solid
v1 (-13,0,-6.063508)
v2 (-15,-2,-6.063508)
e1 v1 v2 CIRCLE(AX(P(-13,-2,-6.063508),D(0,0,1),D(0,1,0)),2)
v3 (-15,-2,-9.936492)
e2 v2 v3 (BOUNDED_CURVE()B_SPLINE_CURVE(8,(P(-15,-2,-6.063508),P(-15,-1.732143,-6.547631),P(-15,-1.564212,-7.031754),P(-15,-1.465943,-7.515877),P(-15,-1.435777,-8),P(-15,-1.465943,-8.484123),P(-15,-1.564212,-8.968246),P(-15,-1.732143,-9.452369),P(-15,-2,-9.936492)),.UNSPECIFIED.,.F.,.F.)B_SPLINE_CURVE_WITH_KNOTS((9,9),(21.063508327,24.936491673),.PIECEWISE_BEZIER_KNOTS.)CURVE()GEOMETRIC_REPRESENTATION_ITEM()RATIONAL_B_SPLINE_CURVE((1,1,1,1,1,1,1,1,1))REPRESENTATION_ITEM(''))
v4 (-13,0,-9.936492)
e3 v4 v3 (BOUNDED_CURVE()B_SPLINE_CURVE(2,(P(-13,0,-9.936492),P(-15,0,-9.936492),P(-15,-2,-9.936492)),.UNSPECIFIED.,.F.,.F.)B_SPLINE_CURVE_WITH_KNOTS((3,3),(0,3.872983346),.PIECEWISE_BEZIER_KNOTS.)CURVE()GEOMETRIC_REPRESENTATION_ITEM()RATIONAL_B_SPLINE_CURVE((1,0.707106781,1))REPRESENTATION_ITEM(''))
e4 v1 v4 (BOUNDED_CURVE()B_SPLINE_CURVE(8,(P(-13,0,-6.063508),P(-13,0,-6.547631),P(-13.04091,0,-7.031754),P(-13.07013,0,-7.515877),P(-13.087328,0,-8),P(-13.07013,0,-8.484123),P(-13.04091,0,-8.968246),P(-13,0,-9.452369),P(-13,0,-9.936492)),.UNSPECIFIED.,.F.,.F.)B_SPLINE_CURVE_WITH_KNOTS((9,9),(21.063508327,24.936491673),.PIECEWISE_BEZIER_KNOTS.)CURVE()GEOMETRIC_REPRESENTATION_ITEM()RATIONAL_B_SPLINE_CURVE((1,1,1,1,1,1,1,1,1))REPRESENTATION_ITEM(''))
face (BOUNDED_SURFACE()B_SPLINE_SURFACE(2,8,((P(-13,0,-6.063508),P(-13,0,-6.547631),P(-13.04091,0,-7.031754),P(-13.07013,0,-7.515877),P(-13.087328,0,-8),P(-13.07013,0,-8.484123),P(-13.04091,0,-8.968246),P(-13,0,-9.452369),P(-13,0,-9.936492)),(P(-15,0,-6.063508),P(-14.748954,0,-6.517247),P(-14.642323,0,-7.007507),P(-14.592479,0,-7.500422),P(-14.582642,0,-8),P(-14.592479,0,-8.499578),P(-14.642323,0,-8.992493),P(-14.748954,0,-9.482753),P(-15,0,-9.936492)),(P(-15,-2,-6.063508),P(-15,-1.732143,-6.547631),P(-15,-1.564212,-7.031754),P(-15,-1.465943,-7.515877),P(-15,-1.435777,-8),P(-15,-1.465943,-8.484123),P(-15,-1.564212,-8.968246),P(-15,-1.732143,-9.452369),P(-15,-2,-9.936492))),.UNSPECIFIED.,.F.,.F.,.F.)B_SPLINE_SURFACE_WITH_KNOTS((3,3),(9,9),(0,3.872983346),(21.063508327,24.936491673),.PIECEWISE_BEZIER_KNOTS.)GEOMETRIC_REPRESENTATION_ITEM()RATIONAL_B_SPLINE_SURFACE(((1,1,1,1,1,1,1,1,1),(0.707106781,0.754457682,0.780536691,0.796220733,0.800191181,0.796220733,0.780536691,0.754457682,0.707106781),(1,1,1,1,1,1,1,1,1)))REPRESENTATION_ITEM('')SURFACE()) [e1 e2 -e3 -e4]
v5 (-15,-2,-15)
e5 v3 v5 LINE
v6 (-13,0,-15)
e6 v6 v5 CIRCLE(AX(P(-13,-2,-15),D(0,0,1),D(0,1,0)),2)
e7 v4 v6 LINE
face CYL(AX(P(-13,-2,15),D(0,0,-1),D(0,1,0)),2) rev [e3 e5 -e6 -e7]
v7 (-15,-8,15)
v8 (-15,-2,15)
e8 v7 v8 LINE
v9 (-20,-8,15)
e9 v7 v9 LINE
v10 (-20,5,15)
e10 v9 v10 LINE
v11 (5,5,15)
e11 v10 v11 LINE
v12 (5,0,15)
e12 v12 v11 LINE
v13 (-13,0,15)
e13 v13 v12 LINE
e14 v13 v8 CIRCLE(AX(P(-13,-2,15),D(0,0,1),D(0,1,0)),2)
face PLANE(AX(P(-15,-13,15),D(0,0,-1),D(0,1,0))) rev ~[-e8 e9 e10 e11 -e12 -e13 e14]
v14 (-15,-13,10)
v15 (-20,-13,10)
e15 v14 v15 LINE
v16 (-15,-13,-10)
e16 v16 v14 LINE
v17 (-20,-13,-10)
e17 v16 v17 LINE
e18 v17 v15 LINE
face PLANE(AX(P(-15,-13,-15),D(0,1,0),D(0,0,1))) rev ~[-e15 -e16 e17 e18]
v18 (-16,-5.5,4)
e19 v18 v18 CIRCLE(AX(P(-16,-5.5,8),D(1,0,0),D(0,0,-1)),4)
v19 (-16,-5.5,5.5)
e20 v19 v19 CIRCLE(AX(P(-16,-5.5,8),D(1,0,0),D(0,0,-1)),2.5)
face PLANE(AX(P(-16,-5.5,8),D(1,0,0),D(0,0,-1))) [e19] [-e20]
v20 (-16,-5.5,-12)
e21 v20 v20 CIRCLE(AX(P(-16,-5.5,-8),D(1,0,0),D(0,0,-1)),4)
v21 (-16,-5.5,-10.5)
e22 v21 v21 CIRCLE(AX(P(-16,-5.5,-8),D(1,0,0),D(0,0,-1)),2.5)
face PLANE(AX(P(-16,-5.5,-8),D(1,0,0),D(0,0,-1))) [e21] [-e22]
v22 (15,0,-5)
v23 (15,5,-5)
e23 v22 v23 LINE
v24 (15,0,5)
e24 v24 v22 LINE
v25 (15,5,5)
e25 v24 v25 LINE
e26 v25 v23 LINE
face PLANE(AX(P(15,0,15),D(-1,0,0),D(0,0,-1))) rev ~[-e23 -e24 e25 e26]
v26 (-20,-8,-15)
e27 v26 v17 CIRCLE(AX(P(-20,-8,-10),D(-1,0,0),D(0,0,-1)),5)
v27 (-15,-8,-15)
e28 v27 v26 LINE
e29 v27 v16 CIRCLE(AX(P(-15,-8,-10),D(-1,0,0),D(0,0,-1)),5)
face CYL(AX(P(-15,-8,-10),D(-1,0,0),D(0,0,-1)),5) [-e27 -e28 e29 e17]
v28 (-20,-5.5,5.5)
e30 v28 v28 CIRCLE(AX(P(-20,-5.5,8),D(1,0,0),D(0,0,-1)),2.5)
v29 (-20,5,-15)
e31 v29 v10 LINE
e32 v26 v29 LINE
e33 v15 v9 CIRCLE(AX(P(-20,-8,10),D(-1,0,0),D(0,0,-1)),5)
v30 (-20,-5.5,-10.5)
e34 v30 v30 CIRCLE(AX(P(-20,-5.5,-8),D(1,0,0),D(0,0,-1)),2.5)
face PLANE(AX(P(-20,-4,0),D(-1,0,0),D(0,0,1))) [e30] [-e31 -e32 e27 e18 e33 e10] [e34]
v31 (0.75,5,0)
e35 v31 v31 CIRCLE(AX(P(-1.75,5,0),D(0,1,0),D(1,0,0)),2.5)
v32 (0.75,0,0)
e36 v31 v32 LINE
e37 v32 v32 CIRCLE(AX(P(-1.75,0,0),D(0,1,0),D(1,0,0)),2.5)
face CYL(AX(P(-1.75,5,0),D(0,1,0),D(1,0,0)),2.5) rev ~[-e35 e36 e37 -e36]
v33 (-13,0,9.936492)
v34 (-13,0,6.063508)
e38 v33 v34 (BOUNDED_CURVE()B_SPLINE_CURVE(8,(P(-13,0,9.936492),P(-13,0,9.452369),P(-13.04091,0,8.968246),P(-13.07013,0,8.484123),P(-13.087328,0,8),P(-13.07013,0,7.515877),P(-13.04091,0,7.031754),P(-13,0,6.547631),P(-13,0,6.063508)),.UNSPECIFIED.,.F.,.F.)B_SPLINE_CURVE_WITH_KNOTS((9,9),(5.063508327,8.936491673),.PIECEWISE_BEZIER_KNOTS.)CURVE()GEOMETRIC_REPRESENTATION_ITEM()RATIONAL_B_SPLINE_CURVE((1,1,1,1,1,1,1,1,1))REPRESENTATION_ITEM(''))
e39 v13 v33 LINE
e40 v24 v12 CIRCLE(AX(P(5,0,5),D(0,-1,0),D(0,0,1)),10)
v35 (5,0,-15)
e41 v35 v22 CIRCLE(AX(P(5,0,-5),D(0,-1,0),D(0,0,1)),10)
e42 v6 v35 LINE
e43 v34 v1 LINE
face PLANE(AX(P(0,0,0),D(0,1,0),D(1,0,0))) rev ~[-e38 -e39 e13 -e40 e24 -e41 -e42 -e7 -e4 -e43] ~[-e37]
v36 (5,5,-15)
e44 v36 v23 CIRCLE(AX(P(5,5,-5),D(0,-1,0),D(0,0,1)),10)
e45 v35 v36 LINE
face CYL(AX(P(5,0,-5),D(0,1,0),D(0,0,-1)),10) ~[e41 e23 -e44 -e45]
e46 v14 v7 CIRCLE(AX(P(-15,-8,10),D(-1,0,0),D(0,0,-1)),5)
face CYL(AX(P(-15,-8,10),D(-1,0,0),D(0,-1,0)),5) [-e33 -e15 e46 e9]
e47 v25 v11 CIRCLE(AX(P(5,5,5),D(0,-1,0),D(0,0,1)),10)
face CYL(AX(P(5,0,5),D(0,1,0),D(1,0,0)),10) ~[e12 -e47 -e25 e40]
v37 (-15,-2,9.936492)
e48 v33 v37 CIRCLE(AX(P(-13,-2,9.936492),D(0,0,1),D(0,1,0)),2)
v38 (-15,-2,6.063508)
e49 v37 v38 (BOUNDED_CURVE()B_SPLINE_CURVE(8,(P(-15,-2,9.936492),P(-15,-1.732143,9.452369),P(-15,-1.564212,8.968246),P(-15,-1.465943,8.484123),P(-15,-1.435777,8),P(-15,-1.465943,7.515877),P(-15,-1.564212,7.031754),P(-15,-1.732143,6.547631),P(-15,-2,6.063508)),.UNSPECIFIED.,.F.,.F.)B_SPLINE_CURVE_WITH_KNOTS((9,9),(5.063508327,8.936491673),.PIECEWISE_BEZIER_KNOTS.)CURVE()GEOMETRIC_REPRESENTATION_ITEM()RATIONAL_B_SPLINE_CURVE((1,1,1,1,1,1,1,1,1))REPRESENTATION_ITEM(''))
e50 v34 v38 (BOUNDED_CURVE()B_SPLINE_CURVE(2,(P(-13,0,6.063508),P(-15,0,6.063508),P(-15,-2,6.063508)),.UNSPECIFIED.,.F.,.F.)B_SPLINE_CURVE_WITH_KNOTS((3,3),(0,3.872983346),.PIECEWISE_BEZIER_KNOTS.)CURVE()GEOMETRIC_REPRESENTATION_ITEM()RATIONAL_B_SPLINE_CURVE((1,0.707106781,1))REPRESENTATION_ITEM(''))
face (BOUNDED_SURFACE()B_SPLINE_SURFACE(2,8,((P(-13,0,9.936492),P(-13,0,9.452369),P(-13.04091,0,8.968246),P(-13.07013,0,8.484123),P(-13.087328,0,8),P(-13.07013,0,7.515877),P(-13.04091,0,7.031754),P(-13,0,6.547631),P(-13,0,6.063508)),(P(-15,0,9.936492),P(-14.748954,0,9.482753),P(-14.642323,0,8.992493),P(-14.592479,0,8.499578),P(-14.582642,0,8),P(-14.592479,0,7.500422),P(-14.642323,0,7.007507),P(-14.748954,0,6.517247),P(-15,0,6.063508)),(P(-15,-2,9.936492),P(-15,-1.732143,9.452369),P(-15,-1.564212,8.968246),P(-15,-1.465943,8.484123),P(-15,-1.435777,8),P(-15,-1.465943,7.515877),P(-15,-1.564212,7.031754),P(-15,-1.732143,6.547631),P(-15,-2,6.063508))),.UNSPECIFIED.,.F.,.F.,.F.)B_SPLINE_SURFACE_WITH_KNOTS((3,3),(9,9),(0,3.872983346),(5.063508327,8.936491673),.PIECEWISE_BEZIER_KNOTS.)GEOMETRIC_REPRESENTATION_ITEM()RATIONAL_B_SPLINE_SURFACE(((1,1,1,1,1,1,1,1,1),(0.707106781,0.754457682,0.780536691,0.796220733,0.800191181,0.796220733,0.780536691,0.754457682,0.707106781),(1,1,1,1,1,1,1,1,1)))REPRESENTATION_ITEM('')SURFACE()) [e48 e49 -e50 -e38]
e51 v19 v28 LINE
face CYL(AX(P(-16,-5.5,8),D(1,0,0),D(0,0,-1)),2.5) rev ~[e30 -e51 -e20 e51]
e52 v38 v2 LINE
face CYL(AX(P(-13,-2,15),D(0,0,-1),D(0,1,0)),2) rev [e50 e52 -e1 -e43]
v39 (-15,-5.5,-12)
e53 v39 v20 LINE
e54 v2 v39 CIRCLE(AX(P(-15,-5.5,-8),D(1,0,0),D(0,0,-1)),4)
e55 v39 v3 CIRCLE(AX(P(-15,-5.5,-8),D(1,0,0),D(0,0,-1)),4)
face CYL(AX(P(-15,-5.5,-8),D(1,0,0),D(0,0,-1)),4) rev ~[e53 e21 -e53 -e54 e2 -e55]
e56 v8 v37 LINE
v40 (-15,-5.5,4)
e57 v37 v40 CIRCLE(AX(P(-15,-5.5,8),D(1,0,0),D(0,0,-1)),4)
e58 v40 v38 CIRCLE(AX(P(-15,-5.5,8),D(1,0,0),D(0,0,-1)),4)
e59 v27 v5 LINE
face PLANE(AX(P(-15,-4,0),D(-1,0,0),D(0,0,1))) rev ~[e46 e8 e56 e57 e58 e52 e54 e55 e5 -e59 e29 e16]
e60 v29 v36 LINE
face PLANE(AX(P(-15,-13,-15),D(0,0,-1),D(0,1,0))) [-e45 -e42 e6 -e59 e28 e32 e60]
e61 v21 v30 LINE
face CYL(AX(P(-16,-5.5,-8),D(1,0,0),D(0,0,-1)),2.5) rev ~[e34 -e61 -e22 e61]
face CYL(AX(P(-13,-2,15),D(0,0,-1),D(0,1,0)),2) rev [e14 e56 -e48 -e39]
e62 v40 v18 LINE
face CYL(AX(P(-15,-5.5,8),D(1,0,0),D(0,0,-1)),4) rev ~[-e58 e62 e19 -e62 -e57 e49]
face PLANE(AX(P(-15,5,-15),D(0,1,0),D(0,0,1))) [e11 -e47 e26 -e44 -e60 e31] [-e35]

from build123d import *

# Parameters (mm, degrees)
SKETCH1_W           = 30
SKETCH1_H           = 30
BOSS_EXTRUDE1_DEPTH = 5
SKETCH2_W           = 30
SKETCH2_H           = 18
BOSS_EXTRUDE2_DEPTH = 5
SKETCH3_R           = 4
CUT_EXTRUDE1_DEPTH  = 1
SKETCH4_R           = 2.5
CUT_EXTRUDE2_DEPTH  = 5
SKETCH5_R           = 2.5
CUT_EXTRUDE3_DEPTH  = 5
FILLET1_R           = 10
FILLET2_R           = 2
FILLET3_R           = 5


with BuildPart() as part:
    # Sketch1 → Boss-Extrude1 (new body)
    with BuildSketch(Plane(origin=(0, 0, 0), x_dir=(1, 0, 0), z_dir=(0, 1, 0))):
        Rectangle(SKETCH1_W, SKETCH1_H)
    extrude(amount=BOSS_EXTRUDE1_DEPTH)

    # Sketch2 → Boss-Extrude2 (add)
    with BuildSketch(Plane.ZY.offset(15)):
        with Locations((0, -4)):
            Rectangle(SKETCH2_W, SKETCH2_H)
    extrude(amount=BOSS_EXTRUDE2_DEPTH)

    # Sketch3 → Cut-Extrude1 (cut)
    with BuildSketch(Plane(origin=(-15, 0, 0), x_dir=(0, 0, -1), z_dir=(1, 0, 0))):
        with Locations((-8, -5.5)):
            Circle(SKETCH3_R)
        with Locations((8, -5.5)):
            Circle(SKETCH3_R)
    extrude(amount=-CUT_EXTRUDE1_DEPTH, mode=Mode.SUBTRACT)

    # Sketch4 → Cut-Extrude2 (cut)
    with BuildSketch(Plane(origin=(-16, 0, 0), x_dir=(0, 0, -1), z_dir=(1, 0, 0))):
        with Locations((-8, -5.5)):
            Circle(SKETCH4_R)
        with Locations((8, -5.5)):
            Circle(SKETCH4_R)
    extrude(amount=-CUT_EXTRUDE2_DEPTH, mode=Mode.SUBTRACT)

    # Sketch5 → Cut-Extrude3 (cut)
    with BuildSketch(Plane(origin=(0, 5, 0), x_dir=(1, 0, 0), z_dir=(0, 1, 0))):
        with Locations((-1.75, 0)):
            Circle(SKETCH5_R)
    extrude(amount=-CUT_EXTRUDE3_DEPTH, mode=Mode.SUBTRACT)

    # Fillet1
    fillet1_edges = [part.edges().sort_by_distance(p)[0] for p in [
        (15, 2.5, -15),
        (15, 2.5, 15),
    ]]
    fillet(fillet1_edges, radius=FILLET1_R)

    # Fillet2
    fillet2_edges = [part.edges().sort_by_distance(p)[0] for p in [
        (-15, 0, 0),
    ]]
    fillet(fillet2_edges, radius=FILLET2_R)

    # Fillet3
    fillet3_edges = [part.edges().sort_by_distance(p)[0] for p in [
        (-17.5, -13, -15),
        (-17.5, -13, 15),
    ]]
    fillet(fillet3_edges, radius=FILLET3_R)


solid = part.part
